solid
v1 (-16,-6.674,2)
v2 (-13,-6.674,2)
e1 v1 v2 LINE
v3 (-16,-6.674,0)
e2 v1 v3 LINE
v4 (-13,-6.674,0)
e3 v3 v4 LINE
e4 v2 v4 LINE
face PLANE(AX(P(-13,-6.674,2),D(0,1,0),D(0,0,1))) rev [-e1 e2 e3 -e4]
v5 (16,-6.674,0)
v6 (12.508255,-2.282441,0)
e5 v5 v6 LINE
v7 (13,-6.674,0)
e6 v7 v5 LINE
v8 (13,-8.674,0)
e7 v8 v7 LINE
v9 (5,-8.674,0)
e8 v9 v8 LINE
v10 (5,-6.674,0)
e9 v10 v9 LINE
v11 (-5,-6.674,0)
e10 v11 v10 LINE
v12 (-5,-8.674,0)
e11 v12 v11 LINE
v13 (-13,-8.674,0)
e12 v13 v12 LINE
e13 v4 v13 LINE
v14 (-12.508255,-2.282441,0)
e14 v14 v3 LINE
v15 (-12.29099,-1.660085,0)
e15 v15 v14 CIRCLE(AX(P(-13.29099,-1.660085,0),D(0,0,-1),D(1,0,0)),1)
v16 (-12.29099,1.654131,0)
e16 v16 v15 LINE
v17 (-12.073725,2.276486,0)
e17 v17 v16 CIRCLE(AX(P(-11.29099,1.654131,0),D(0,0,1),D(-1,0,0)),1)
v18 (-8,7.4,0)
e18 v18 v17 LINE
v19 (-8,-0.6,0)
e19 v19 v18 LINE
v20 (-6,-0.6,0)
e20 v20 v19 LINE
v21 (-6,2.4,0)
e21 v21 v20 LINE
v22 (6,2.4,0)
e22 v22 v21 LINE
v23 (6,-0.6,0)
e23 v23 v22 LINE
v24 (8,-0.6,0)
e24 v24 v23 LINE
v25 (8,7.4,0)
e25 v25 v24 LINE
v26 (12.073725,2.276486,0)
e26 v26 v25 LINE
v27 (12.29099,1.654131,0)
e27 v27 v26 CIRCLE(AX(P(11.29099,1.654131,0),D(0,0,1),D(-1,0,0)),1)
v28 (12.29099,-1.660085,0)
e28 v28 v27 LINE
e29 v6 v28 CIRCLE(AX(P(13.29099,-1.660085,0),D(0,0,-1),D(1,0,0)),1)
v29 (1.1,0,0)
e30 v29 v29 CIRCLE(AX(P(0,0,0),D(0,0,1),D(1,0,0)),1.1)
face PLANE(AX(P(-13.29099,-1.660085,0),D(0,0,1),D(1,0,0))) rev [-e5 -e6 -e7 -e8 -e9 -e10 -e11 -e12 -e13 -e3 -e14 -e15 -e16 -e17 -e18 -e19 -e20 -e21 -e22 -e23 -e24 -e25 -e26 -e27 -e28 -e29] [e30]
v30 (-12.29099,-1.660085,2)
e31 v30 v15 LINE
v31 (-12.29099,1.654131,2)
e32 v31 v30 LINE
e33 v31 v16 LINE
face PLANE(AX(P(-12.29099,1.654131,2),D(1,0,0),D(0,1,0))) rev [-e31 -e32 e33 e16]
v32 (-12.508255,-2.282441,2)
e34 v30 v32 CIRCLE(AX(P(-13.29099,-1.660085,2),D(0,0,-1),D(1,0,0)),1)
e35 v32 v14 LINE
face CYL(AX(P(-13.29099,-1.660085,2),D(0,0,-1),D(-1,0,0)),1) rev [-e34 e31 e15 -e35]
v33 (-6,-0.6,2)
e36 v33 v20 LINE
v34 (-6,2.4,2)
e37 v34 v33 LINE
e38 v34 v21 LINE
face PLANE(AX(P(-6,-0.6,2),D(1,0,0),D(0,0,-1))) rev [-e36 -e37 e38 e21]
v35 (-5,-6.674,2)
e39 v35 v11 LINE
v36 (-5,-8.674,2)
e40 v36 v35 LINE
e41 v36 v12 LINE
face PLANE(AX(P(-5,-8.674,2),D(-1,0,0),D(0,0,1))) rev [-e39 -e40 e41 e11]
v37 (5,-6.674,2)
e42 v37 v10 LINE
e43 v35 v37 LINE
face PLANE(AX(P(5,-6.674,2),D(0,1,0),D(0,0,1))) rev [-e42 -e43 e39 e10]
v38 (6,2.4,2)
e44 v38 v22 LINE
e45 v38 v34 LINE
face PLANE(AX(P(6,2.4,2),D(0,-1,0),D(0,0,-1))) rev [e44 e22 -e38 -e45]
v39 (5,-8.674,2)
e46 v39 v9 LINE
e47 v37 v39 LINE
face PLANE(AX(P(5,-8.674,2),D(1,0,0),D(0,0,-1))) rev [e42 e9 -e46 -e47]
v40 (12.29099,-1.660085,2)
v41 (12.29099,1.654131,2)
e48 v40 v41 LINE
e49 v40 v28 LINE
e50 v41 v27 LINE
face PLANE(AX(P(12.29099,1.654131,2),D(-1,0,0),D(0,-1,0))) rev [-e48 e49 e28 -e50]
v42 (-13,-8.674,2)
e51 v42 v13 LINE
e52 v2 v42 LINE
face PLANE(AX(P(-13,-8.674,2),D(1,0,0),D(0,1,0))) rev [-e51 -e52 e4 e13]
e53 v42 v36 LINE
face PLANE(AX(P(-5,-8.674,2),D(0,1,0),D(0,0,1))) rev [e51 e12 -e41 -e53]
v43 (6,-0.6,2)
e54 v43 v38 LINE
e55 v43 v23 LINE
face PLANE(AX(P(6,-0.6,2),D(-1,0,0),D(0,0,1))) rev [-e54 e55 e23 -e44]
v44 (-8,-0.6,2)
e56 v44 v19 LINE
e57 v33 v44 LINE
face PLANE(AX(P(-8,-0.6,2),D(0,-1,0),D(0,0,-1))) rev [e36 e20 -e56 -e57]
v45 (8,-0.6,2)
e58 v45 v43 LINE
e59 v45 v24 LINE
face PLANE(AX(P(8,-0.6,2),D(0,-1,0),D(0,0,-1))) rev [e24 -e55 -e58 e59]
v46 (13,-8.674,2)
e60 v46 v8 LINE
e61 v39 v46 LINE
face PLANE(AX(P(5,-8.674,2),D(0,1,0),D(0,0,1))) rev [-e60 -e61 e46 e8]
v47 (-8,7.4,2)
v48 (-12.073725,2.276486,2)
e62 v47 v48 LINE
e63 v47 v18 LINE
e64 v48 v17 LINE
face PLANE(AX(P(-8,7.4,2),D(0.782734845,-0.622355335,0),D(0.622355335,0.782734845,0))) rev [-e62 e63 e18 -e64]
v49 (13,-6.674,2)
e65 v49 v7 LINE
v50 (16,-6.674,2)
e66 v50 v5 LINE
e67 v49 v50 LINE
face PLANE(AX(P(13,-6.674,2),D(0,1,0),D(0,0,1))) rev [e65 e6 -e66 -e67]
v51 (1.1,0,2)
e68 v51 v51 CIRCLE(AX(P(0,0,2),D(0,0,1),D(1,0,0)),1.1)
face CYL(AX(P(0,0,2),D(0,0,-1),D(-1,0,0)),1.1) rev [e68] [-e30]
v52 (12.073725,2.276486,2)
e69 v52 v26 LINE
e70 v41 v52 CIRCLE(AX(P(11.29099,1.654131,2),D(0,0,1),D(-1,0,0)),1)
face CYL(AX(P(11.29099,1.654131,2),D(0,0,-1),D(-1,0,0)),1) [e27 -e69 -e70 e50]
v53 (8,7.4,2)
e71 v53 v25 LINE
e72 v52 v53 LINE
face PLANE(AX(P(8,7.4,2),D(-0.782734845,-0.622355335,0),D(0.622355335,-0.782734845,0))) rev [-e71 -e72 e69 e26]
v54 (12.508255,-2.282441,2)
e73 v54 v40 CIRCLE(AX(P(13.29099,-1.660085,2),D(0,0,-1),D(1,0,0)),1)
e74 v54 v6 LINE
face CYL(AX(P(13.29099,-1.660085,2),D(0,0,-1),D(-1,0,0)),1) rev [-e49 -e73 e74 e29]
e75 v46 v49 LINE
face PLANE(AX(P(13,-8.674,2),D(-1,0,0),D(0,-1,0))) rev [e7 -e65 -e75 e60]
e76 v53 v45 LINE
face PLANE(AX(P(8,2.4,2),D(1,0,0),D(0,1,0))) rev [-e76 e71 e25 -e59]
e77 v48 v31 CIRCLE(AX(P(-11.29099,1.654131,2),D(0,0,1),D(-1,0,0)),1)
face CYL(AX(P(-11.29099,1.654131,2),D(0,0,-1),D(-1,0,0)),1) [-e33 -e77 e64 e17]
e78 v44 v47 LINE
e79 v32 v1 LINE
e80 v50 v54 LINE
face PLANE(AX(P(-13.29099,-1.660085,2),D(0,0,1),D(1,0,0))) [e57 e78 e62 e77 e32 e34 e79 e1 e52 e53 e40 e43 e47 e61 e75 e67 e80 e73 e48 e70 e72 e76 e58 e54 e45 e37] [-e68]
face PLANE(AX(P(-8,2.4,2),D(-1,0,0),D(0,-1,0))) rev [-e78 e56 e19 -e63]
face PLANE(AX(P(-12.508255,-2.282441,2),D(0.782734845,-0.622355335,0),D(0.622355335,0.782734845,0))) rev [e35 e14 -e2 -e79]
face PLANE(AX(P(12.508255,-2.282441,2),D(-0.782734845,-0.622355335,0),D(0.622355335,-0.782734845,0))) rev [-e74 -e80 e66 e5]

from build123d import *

# Parameters (mm, degrees)
SKETCH1_R           = 1.1
BOSS_EXTRUDE1_DEPTH = 2


with BuildPart() as part:
    # Sketch1 → Boss-Extrude1 (new body)
    with BuildSketch(Plane.XY):
        with BuildLine():
            Line((5, -6.674), (-5, -6.674))
            Line((-5, -6.674), (-5, -8.674))
            Line((-5, -8.674), (-13, -8.674))
            Line((-13, -8.674), (-13, -6.674))
            Line((-13, -6.674), (-16, -6.674))
            Line((-16, -6.674), (-12.508255124, -2.282440657))
            ThreePointArc((-12.508255124, -2.282440657), (-12.346867401, -1.989679888), (-12.290989968, -1.660085322))
            Line((-12.290989968, -1.660085322), (-12.290989968, 1.65413052))
            ThreePointArc((-12.290989968, 1.65413052), (-12.235112536, 1.983725086), (-12.073724813, 2.276485855))
            Line((-12.073724813, 2.276485855), (-8, 7.4))
            Line((-8, 7.4), (-8, 2.4))
            Line((-8, 2.4), (-8, -0.6))
            Line((-8, -0.6), (-6, -0.6))
            Line((-6, -0.6), (-6, 2.4))
            Line((-6, 2.4), (6, 2.4))
            Line((6, 2.4), (6, -0.6))
            Line((6, -0.6), (8, -0.6))
            Line((8, -0.6), (8, 2.4))
            Line((8, 2.4), (8, 7.4))
            Line((8, 7.4), (12.073724813, 2.276485855))
            ThreePointArc((12.073724813, 2.276485855), (12.235112536, 1.983725086), (12.290989968, 1.65413052))
            Line((12.290989968, 1.65413052), (12.290989968, -1.660085322))
            ThreePointArc((12.290989968, -1.660085322), (12.346867401, -1.989679888), (12.508255124, -2.282440657))
            Line((12.508255124, -2.282440657), (16, -6.674))
            Line((16, -6.674), (13, -6.674))
            Line((13, -6.674), (13, -8.674))
            Line((13, -8.674), (5, -8.674))
            Line((5, -8.674), (5, -6.674))
        make_face()
        Circle(SKETCH1_R, mode=Mode.SUBTRACT)
    extrude(amount=BOSS_EXTRUDE1_DEPTH)


solid = part.part
